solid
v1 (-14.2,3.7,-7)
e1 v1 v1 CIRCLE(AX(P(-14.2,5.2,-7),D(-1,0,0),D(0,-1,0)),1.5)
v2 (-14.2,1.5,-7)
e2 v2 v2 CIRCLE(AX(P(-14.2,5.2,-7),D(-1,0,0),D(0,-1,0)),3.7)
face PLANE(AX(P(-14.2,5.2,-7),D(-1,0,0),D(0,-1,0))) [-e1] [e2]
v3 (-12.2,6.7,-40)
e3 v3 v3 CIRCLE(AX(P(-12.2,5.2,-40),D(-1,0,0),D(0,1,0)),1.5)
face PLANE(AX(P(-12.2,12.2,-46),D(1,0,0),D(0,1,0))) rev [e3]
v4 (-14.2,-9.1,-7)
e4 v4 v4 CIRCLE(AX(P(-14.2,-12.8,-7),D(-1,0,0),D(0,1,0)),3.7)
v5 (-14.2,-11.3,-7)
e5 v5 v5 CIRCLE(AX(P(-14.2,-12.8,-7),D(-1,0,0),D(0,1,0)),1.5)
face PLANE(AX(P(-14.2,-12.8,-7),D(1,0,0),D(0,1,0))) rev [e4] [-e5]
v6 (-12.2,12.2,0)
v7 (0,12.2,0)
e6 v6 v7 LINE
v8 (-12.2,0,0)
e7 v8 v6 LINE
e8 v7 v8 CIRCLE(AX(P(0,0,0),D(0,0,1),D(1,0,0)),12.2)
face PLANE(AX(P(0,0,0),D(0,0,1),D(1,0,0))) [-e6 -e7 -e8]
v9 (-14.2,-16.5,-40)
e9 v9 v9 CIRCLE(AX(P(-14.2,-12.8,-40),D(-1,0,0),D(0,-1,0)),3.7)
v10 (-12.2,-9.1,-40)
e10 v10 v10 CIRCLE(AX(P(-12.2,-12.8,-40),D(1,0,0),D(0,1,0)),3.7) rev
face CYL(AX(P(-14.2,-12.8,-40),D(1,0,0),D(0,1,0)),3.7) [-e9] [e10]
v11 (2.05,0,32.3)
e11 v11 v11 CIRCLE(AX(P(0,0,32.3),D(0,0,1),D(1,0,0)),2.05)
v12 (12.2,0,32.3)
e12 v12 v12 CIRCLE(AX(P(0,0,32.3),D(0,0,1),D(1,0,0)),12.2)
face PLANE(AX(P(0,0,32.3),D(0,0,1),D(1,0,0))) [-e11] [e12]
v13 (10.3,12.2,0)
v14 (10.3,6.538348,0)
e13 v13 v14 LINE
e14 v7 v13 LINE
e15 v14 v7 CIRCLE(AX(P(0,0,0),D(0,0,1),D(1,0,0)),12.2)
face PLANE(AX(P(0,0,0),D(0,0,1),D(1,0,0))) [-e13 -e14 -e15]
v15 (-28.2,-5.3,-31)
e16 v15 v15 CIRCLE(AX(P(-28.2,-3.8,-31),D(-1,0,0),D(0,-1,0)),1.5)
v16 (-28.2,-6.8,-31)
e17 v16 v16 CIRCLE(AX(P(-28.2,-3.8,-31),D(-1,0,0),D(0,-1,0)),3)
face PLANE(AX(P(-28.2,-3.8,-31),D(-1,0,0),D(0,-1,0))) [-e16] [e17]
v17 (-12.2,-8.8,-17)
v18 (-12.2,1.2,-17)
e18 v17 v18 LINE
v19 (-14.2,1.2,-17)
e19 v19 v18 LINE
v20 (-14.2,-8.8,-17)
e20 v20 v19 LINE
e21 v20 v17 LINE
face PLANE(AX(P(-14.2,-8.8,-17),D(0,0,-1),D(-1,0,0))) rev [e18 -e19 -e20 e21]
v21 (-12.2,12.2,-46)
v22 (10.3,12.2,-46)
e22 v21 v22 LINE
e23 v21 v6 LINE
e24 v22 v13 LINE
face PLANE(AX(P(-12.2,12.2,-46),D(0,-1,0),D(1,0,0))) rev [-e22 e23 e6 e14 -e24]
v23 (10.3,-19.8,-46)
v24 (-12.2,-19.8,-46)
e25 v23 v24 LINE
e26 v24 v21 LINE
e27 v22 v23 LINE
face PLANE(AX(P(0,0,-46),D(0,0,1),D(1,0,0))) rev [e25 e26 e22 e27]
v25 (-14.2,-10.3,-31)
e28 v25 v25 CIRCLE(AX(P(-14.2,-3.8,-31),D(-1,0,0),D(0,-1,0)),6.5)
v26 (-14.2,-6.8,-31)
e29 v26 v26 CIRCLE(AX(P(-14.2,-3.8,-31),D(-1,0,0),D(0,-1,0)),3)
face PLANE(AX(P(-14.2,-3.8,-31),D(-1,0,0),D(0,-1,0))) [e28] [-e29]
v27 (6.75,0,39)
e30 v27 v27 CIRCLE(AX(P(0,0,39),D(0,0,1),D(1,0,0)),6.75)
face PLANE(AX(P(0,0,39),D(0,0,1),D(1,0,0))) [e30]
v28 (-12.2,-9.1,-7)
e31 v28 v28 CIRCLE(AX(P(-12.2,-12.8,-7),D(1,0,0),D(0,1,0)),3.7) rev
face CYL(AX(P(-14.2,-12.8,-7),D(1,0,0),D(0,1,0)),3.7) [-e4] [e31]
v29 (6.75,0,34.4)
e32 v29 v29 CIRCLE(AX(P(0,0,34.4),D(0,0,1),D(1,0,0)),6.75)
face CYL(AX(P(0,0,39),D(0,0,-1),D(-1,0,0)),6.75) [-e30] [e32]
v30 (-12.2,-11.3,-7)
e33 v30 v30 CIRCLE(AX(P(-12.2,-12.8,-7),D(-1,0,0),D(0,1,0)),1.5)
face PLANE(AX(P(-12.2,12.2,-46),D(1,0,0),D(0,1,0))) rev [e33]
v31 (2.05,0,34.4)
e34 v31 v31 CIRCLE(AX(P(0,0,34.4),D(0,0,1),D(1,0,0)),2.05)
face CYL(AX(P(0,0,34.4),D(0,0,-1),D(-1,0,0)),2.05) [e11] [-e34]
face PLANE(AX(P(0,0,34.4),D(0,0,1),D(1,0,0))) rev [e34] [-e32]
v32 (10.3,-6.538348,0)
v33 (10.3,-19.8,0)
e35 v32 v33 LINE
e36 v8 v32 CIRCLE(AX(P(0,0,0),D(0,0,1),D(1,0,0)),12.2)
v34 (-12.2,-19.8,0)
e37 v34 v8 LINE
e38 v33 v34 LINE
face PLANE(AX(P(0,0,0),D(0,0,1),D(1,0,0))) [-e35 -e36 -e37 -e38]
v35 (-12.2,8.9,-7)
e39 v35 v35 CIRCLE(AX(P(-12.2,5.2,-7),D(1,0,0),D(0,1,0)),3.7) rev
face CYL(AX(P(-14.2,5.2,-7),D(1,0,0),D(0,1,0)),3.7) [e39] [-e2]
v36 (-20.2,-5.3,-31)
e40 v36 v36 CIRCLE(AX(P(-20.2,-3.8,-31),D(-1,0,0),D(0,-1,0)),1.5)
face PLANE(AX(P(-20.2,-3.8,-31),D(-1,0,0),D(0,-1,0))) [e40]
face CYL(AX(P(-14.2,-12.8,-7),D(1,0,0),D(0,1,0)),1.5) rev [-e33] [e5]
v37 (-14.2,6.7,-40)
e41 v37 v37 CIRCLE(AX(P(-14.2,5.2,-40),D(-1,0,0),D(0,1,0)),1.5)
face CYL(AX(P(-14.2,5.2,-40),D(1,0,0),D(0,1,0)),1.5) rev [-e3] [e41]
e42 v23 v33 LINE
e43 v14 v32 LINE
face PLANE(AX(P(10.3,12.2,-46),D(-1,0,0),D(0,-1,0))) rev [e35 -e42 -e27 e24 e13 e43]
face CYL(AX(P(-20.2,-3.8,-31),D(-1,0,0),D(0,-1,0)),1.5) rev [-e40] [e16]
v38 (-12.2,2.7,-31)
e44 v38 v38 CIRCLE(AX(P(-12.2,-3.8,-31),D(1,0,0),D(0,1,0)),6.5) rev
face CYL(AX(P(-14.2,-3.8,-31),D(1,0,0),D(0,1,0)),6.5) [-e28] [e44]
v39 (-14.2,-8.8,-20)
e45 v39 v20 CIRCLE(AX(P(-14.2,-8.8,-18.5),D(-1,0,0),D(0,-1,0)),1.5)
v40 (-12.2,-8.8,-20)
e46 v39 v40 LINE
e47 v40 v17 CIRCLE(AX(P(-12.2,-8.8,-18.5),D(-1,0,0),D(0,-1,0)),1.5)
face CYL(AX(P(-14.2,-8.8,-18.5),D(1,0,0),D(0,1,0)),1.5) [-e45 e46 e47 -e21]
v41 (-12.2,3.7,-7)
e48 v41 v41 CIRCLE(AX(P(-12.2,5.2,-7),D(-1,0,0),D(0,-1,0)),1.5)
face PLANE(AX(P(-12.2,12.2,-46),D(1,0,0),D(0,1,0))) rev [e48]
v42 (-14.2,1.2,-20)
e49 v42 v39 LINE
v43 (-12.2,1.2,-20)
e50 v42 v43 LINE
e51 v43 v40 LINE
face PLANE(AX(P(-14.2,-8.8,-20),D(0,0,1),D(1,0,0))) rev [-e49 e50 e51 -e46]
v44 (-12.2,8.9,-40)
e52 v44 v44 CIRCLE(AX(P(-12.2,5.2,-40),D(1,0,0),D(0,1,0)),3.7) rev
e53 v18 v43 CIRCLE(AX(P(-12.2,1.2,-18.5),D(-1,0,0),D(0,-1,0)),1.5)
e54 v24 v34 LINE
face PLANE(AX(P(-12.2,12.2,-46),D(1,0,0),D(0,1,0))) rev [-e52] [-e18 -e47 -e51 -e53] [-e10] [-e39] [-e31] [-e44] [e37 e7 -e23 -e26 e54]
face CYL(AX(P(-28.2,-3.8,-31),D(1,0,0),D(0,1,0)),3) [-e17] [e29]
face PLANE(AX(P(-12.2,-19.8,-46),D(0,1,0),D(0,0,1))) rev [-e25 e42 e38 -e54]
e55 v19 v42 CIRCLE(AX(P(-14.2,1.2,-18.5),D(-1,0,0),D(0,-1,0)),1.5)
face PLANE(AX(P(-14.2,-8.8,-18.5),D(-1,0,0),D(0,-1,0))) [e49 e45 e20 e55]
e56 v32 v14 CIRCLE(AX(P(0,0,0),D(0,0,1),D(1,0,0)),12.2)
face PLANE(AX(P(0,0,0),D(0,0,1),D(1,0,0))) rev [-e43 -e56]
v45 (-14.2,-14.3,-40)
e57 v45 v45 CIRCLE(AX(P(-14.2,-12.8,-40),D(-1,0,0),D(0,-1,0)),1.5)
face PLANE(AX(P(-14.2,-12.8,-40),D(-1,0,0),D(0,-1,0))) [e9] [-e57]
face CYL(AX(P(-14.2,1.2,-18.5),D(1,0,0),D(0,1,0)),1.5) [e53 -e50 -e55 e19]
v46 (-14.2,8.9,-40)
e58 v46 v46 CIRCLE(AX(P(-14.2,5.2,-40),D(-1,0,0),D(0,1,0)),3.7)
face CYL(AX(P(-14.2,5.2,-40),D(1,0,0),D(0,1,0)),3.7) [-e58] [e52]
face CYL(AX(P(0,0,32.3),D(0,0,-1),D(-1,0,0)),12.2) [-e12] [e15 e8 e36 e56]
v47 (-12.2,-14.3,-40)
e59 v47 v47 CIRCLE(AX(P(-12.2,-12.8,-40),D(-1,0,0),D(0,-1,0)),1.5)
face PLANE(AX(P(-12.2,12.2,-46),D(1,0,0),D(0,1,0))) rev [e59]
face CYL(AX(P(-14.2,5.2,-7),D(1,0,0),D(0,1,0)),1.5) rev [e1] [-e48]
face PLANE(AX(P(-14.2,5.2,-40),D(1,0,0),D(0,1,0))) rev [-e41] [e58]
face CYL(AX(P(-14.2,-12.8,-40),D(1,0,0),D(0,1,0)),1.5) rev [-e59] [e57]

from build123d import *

# Parameters (mm, degrees)
SKETCH1_R      = 12.2
EXTRUDE1_DEPTH = 32.3
SKETCH2_R      = 2.05
EXTRUDE2_DEPTH = 2.1
SKETCH3_R      = 6.75
EXTRUDE3_DEPTH = 4.6
SKETCH4_W      = 22.5
SKETCH4_H      = 32
EXTRUDE4_DEPTH = 46
SKETCH5_R      = 3.7
SKETCH5_R_2    = 1.5
SKETCH5_R_3    = 6.5
EXTRUDE5_DEPTH = 2
SKETCH6_R      = 3
EXTRUDE6_DEPTH = 14
SKETCH7_R      = 1.5
EXTRUDE7_DEPTH = 8


with BuildPart() as part:
    # Sketch1 → Extrude1 (new body)
    with BuildSketch(Plane.XY):
        Circle(SKETCH1_R)
    extrude(amount=EXTRUDE1_DEPTH)

    # Sketch2 → Extrude2 (add)
    with BuildSketch(Plane.XY.offset(32.3)):
        Circle(SKETCH2_R)
    extrude(amount=EXTRUDE2_DEPTH)

    # Sketch3 → Extrude3 (add)
    with BuildSketch(Plane.XY.offset(34.4)):
        Circle(SKETCH3_R)
    extrude(amount=EXTRUDE3_DEPTH)

    # Sketch4 → Extrude4 (add)
    with BuildSketch(Plane(origin=(0, 0, 0), x_dir=(-1, 0, 0), z_dir=(0, 0, -1))):
        with Locations((0.95, -3.8)):
            Rectangle(SKETCH4_W, SKETCH4_H)
    extrude(amount=EXTRUDE4_DEPTH)

    # Sketch5 → Extrude5 (add)
    # profile 1 of 6: a face of its own
    with BuildSketch(Plane.ZY.offset(12.2)):
        with Locations(Location((-40, -12.8, 0), (0, 0, 90))):
            Circle(SKETCH5_R)
        with Locations(Location((-40, -12.8, 0), (0, 0, 270))):
            Circle(SKETCH5_R_2, mode=Mode.SUBTRACT)
    # profile 2 of 6: a face of its own
    with BuildSketch(Plane.ZY.offset(12.2)):
        with Locations(Location((-40, 5.2, 0), (0, 0, 90))):
            Circle(SKETCH5_R)
        with Locations(Location((-40, 5.2, 0), (0, 0, 90))):
            Circle(SKETCH5_R_2, mode=Mode.SUBTRACT)
    # profile 3 of 6: a face of its own
    with BuildSketch(Plane.ZY.offset(12.2)):
        with Locations(Location((-7, 5.2, 0), (0, 0, 90))):
            Circle(SKETCH5_R)
        with Locations(Location((-7, 5.2, 0), (0, 0, 270))):
            Circle(SKETCH5_R_2, mode=Mode.SUBTRACT)
    # profile 4 of 6: a face of its own
    with BuildSketch(Plane.ZY.offset(12.2)):
        with Locations(Location((-7, -12.8, 0), (0, 0, 90))):
            Circle(SKETCH5_R)
        with Locations(Location((-7, -12.8, 0), (0, 0, 90))):
            Circle(SKETCH5_R_2, mode=Mode.SUBTRACT)
    # profile 5 of 6: a face of its own
    with BuildSketch(Plane.ZY.offset(12.2)):
        with Locations(Location((-31, -3.8, 0), (0, 0, 90))):
            Circle(SKETCH5_R_3)
    # profile 6 of 6: a face of its own
    with BuildSketch(Plane.ZY.offset(12.2)):
        with BuildLine():
            Line((-20, -8.8), (-20, 1.2))
            ThreePointArc((-20, 1.2), (-18.5, 2.7), (-17, 1.2))
            Line((-17, 1.2), (-17, -8.8))
            ThreePointArc((-17, -8.8), (-18.5, -10.3), (-20, -8.8))
        make_face()
    extrude(amount=EXTRUDE5_DEPTH)

    # Sketch6 → Extrude6 (add)
    with BuildSketch(Plane.ZY.offset(14.2)):
        with Locations(Location((-31, -3.8, 0), (0, 0, 270))):
            Circle(SKETCH6_R)
    extrude(amount=EXTRUDE6_DEPTH)

    # Sketch7 → Extrude7 (cut)
    with BuildSketch(Plane.ZY.offset(28.2)):
        with Locations(Location((-31, -3.8, 0), (0, 0, 270))):
            Circle(SKETCH7_R)
    extrude(amount=-EXTRUDE7_DEPTH, mode=Mode.SUBTRACT)


solid = part.part
